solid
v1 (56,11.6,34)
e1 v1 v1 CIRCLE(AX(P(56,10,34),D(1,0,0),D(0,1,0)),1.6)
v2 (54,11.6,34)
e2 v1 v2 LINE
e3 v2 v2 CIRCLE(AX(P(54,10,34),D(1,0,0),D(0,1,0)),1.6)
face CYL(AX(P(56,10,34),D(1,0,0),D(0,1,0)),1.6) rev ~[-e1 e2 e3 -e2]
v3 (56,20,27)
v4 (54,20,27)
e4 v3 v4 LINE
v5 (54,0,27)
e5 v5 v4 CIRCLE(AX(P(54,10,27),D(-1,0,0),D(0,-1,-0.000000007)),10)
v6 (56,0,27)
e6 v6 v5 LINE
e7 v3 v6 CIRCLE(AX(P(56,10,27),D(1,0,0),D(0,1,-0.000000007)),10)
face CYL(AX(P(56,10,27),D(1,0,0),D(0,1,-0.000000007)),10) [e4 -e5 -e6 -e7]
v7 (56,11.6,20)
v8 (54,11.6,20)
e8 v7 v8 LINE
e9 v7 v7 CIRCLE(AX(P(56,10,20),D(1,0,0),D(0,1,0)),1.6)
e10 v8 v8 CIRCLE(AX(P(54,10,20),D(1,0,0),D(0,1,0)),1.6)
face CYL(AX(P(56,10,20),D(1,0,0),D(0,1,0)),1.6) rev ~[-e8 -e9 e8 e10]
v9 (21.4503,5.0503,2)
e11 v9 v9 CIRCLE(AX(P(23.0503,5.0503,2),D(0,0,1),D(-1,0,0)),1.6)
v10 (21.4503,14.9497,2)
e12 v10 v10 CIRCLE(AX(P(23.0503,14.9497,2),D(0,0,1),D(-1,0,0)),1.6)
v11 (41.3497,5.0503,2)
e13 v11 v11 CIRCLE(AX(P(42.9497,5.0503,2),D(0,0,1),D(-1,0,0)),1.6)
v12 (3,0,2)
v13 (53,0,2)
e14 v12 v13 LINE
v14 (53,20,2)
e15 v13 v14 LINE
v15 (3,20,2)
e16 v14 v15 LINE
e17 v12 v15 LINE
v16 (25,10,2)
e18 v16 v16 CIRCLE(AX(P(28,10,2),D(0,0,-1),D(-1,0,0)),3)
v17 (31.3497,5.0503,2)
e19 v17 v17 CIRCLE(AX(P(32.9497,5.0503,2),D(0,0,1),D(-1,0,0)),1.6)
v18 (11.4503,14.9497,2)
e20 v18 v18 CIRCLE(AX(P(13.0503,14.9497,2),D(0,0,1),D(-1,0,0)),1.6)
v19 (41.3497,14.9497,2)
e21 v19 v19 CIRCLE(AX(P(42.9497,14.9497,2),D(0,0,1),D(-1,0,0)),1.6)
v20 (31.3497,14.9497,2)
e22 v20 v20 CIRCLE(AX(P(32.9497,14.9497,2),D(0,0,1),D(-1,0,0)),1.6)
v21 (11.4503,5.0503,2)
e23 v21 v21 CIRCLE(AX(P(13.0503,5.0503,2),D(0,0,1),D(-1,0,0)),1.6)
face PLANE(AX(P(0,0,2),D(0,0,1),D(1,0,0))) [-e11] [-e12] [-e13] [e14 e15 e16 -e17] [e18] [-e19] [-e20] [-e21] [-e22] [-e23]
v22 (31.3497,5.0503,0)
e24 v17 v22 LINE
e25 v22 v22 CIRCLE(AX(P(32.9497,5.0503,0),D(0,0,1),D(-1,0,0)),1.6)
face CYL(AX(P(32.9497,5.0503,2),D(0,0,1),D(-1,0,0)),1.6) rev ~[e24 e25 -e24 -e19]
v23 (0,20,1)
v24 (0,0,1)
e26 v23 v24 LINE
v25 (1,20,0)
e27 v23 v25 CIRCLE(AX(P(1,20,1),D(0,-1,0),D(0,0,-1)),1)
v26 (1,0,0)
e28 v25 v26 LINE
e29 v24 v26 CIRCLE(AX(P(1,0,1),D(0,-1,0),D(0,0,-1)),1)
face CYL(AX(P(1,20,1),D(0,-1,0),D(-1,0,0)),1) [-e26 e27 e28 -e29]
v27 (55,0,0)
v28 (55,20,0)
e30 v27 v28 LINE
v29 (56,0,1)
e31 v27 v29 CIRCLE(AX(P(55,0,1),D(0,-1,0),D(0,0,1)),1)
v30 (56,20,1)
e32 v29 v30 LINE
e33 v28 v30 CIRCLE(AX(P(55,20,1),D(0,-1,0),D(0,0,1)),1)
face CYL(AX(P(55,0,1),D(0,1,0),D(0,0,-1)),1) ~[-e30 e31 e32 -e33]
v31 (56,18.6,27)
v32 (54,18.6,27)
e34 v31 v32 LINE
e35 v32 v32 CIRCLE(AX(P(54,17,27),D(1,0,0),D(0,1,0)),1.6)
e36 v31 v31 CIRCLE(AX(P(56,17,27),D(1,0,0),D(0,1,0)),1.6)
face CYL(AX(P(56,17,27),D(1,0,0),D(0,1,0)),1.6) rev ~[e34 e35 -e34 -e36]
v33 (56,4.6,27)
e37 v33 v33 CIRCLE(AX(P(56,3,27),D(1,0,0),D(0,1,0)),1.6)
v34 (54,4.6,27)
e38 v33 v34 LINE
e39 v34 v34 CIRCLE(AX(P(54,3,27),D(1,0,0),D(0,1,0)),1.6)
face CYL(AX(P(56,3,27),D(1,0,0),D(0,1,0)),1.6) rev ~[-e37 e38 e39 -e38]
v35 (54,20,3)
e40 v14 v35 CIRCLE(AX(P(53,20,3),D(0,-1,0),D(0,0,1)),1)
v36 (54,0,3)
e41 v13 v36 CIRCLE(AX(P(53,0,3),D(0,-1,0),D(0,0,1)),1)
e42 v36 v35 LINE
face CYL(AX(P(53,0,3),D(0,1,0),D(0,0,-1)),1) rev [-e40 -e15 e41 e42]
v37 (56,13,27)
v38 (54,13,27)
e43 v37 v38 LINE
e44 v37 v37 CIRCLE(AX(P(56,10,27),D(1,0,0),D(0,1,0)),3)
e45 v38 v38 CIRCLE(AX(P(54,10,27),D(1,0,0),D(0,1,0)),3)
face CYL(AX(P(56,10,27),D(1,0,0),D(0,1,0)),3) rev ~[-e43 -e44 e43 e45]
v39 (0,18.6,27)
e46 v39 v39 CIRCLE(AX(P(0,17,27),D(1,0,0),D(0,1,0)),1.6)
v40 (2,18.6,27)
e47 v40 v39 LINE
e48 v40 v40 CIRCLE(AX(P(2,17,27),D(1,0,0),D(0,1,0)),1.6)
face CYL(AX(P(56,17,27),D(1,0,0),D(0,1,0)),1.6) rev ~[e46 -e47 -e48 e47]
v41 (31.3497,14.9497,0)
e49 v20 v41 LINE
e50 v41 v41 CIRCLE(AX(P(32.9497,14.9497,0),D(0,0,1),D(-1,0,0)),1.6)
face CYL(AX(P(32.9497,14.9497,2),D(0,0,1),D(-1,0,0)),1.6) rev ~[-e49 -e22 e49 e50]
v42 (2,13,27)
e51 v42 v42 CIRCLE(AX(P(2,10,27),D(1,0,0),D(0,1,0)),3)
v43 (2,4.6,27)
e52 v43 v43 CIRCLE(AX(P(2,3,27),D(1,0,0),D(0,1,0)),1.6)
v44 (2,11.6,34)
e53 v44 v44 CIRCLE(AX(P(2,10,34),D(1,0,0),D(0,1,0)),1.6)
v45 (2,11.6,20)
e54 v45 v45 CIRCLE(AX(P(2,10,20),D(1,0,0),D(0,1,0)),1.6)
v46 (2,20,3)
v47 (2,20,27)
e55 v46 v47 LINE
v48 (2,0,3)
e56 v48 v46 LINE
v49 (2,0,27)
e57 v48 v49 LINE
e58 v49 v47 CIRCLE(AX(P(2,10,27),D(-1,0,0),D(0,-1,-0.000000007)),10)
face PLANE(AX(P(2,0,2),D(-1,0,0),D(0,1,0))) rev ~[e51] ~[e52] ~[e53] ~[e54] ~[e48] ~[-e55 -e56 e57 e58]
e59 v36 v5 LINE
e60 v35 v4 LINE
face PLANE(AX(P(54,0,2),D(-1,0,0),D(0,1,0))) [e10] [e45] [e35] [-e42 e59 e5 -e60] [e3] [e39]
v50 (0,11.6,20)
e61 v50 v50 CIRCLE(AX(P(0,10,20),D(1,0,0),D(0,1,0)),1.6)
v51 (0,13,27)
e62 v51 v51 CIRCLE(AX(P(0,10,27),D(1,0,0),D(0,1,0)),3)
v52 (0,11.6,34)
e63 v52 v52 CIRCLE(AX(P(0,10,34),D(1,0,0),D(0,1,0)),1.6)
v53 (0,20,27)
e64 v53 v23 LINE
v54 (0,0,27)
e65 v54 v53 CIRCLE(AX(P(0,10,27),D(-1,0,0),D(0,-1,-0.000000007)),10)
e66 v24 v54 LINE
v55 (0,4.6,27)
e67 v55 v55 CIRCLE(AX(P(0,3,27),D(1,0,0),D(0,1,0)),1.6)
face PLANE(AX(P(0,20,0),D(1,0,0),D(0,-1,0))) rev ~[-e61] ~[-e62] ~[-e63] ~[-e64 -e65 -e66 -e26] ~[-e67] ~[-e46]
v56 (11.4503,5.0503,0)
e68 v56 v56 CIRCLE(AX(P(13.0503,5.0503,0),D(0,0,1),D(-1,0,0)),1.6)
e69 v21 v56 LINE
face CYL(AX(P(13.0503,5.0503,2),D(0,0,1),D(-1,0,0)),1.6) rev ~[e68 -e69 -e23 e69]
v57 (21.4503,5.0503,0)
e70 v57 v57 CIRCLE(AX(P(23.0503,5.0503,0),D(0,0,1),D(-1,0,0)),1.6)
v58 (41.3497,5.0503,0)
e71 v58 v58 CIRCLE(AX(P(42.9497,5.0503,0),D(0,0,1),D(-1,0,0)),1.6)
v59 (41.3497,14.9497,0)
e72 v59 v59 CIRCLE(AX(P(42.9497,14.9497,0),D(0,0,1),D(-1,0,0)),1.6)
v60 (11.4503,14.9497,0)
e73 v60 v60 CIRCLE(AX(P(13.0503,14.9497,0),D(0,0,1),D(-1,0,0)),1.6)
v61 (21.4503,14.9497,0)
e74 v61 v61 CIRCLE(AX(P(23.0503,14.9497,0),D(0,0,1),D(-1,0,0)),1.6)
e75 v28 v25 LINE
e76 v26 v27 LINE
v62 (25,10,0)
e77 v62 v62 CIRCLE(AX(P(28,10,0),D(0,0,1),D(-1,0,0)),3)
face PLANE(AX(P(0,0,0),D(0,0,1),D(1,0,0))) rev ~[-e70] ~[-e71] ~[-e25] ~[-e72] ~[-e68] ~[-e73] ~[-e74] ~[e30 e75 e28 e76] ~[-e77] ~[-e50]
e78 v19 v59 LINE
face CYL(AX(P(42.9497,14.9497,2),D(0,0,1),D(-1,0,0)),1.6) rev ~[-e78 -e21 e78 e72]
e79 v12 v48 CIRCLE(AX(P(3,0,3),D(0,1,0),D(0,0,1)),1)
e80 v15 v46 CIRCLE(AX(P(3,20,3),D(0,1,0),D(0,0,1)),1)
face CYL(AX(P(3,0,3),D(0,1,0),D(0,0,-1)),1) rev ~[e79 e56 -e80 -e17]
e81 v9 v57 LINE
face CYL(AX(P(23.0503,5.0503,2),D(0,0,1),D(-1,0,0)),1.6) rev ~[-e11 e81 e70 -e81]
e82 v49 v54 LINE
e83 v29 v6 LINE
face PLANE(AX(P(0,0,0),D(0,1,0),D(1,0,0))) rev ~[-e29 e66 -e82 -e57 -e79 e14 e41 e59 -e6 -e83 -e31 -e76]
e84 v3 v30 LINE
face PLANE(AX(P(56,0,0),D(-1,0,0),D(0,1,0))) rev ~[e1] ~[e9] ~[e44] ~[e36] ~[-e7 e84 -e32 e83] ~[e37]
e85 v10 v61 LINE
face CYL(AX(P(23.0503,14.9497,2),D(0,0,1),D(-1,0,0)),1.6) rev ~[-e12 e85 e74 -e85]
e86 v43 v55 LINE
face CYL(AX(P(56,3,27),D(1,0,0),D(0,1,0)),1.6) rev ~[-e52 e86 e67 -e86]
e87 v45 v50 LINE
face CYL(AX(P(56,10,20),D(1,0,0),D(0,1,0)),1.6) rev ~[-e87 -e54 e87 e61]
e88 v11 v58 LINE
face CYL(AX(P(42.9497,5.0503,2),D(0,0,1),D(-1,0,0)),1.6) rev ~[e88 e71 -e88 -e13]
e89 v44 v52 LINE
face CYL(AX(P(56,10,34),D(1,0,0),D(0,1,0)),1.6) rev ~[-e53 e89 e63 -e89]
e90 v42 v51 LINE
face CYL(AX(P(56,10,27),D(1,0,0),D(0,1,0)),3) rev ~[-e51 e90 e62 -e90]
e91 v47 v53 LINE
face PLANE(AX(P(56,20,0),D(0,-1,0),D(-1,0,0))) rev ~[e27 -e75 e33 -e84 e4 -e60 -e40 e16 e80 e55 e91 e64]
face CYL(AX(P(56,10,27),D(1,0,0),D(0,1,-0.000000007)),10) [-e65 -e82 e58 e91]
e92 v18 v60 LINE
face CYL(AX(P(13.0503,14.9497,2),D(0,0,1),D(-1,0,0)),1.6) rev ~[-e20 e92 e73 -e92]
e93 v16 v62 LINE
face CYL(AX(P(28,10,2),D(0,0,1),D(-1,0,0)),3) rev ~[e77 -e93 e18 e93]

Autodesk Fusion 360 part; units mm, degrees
sketch "草图1" plane through (0, 0, 0) normal (0, 0, 1) x (1, 0, 0)
  line L0 (0, 0) -> (56, 0)
  line L1 (56, 0) -> (56, 20)
  line L2 (56, 20) -> (0, 20)
  line L3 (0, 20) -> (0, 0)
  dimension "d1" = 56
  dimension "d2" = 20
extrude "拉伸1" add sketch "草图1" along normal blind 2 makes body 1
sketch "草图2" plane through (0, 0, 2) normal (0, 0, 1) x (-1, 0, 0)
  line L0 (0, -20) -> (0, 0)
  line L1 (0, 0) -> (-56, 0)
  line L2 (-56, 0) -> (-56, -20)
  line L3 (-56, -20) -> (0, -20)
  line L4 (-10, -10) -> (-50.5346, -10)
  line L5 (-28, -17) -> (-28, -4)
  circle A0 centre (-28, -10) radius 3
  circle A1 centre (-28, -10) radius 7 construction
  line L6 (-28, -10) -> (-35.6485, -17.6485) construction
  circle A2 centre (-32.9497, -14.9497) radius 1.6
  circle A3 centre (-23.0503, -14.9497) radius 1.6
  circle A4 centre (-23.0503, -5.0503) radius 1.6
  circle A5 centre (-32.9497, -5.0503) radius 1.6
  circle A6 centre (-42.9497, -14.9497) radius 1.6
  circle A7 centre (-42.9497, -5.0503) radius 1.6
  circle A8 centre (-13.0503, -14.9497) radius 1.6
  circle A9 centre (-13.0503, -5.0503) radius 1.6
  dimension "d5" = 6
  dimension "d6" = 14
  dimension "d7" = 45
  dimension "d8" = 3.2
  dimension "d10" = 360
  dimension "d13" = -10
  dimension "d14" = 3
extrude "拉伸2" cut sketch "草图2" against normal blind 2 contours L4 L5 A0 | L4 L5 A0 | L4 L5 A0 | L4 L5 A0 | A2 | A3 | A4 | A5 | A6 | A7 | A8 | A9 bodies 1
sketch "草图3" plane through (0, 0, 2) normal (0, 0, 1) x (-1, 0, 0)
  circle A0 centre (-42.9497, -14.9497) radius 1.6
  circle A1 centre (-23.0503, -14.9497) radius 1.6
  circle A2 centre (-13.0503, -5.0503) radius 1.6
  circle A3 centre (-32.9497, -14.9497) radius 1.6
  circle A4 centre (-42.9497, -5.0503) radius 1.6
  circle A5 centre (-28, -10) radius 3
  circle A6 centre (-13.0503, -14.9497) radius 1.6
  circle A7 centre (-23.0503, -5.0503) radius 1.6
  circle A8 centre (-32.9497, -5.0503) radius 1.6
  line L0 (0, -20) -> (0, 0)
  line L1 (0, 0) -> (-56, 0)
  line L2 (-56, 0) -> (-56, -20)
  line L3 (-56, -20) -> (0, -20)
  line L4 (0, 0) -> (-2, 0)
  line L5 (-2, 0) -> (-2, -20)
  line L6 (-2, -20) -> (0, -20)
  line L7 (0, -20) -> (0, 0)
  line L8 (-56, 0) -> (-54, 0)
  line L9 (-54, 0) -> (-54, -20)
  line L10 (-54, -20) -> (-56, -20)
  line L11 (-56, -20) -> (-56, 0)
  dimension "d17" = 2
  dimension "d18" = 2
extrude "拉伸3" add sketch "草图3" along normal blind 35 contours L0 L1 L3 L4 L5 L6 L7 | L1 L2 L3 L8 L9 L10 L11 bodies 1
fillet "圆角1" radius 1 4 edges at (56, 10, 0) (54, 10, 2) (2, 10, 2) (0, 10, 0) on bodies 1
sketch "草图4" plane through (56, 0, 0) normal (1, 0, 0) x (0, 1, 0)
  line L0 (0, 1) -> (20, 1)
  line L1 (20, 1) -> (20, 37)
  line L2 (20, 37) -> (0, 37)
  line L3 (0, 37) -> (0, 1)
  circle A0 centre (10, 27) radius 7 construction
  line L4 (0, 27) -> (0, 37)
  line L5 (20, 37) -> (20, 27)
  arc A1 (20, 26.9983) -> (0, 27) centre (10, 27) ccw
  line L6 (10, 27) -> (19, 27) construction
  circle A2 centre (17, 27) radius 1.6
  circle A3 centre (10, 34) radius 1.6
  circle A4 centre (3, 27) radius 1.6
  circle A5 centre (10, 20) radius 1.6
  circle A6 centre (10, 27) radius 3
  dimension "d23" = 14
  dimension "d24" = 27
  dimension "d25" = 20
  dimension "d26" = 3.2
  dimension "d28" = 360
  dimension "d29" = 6
extrude "拉伸4" cut sketch "草图4" against normal blind 56 contours L2 L3 L4 A1 | L1 L2 L5 A1 | A2 | A3 | A4 | A5 | A6 bodies 1
copy_body "实体->零部件1" bodies 1 removing the originals makes body 2 in component "Component'"
component "Component'" placed x (1, 0, 0) y (0, 1, 0) z (0, 0, 1) at (0, 0, 0)
